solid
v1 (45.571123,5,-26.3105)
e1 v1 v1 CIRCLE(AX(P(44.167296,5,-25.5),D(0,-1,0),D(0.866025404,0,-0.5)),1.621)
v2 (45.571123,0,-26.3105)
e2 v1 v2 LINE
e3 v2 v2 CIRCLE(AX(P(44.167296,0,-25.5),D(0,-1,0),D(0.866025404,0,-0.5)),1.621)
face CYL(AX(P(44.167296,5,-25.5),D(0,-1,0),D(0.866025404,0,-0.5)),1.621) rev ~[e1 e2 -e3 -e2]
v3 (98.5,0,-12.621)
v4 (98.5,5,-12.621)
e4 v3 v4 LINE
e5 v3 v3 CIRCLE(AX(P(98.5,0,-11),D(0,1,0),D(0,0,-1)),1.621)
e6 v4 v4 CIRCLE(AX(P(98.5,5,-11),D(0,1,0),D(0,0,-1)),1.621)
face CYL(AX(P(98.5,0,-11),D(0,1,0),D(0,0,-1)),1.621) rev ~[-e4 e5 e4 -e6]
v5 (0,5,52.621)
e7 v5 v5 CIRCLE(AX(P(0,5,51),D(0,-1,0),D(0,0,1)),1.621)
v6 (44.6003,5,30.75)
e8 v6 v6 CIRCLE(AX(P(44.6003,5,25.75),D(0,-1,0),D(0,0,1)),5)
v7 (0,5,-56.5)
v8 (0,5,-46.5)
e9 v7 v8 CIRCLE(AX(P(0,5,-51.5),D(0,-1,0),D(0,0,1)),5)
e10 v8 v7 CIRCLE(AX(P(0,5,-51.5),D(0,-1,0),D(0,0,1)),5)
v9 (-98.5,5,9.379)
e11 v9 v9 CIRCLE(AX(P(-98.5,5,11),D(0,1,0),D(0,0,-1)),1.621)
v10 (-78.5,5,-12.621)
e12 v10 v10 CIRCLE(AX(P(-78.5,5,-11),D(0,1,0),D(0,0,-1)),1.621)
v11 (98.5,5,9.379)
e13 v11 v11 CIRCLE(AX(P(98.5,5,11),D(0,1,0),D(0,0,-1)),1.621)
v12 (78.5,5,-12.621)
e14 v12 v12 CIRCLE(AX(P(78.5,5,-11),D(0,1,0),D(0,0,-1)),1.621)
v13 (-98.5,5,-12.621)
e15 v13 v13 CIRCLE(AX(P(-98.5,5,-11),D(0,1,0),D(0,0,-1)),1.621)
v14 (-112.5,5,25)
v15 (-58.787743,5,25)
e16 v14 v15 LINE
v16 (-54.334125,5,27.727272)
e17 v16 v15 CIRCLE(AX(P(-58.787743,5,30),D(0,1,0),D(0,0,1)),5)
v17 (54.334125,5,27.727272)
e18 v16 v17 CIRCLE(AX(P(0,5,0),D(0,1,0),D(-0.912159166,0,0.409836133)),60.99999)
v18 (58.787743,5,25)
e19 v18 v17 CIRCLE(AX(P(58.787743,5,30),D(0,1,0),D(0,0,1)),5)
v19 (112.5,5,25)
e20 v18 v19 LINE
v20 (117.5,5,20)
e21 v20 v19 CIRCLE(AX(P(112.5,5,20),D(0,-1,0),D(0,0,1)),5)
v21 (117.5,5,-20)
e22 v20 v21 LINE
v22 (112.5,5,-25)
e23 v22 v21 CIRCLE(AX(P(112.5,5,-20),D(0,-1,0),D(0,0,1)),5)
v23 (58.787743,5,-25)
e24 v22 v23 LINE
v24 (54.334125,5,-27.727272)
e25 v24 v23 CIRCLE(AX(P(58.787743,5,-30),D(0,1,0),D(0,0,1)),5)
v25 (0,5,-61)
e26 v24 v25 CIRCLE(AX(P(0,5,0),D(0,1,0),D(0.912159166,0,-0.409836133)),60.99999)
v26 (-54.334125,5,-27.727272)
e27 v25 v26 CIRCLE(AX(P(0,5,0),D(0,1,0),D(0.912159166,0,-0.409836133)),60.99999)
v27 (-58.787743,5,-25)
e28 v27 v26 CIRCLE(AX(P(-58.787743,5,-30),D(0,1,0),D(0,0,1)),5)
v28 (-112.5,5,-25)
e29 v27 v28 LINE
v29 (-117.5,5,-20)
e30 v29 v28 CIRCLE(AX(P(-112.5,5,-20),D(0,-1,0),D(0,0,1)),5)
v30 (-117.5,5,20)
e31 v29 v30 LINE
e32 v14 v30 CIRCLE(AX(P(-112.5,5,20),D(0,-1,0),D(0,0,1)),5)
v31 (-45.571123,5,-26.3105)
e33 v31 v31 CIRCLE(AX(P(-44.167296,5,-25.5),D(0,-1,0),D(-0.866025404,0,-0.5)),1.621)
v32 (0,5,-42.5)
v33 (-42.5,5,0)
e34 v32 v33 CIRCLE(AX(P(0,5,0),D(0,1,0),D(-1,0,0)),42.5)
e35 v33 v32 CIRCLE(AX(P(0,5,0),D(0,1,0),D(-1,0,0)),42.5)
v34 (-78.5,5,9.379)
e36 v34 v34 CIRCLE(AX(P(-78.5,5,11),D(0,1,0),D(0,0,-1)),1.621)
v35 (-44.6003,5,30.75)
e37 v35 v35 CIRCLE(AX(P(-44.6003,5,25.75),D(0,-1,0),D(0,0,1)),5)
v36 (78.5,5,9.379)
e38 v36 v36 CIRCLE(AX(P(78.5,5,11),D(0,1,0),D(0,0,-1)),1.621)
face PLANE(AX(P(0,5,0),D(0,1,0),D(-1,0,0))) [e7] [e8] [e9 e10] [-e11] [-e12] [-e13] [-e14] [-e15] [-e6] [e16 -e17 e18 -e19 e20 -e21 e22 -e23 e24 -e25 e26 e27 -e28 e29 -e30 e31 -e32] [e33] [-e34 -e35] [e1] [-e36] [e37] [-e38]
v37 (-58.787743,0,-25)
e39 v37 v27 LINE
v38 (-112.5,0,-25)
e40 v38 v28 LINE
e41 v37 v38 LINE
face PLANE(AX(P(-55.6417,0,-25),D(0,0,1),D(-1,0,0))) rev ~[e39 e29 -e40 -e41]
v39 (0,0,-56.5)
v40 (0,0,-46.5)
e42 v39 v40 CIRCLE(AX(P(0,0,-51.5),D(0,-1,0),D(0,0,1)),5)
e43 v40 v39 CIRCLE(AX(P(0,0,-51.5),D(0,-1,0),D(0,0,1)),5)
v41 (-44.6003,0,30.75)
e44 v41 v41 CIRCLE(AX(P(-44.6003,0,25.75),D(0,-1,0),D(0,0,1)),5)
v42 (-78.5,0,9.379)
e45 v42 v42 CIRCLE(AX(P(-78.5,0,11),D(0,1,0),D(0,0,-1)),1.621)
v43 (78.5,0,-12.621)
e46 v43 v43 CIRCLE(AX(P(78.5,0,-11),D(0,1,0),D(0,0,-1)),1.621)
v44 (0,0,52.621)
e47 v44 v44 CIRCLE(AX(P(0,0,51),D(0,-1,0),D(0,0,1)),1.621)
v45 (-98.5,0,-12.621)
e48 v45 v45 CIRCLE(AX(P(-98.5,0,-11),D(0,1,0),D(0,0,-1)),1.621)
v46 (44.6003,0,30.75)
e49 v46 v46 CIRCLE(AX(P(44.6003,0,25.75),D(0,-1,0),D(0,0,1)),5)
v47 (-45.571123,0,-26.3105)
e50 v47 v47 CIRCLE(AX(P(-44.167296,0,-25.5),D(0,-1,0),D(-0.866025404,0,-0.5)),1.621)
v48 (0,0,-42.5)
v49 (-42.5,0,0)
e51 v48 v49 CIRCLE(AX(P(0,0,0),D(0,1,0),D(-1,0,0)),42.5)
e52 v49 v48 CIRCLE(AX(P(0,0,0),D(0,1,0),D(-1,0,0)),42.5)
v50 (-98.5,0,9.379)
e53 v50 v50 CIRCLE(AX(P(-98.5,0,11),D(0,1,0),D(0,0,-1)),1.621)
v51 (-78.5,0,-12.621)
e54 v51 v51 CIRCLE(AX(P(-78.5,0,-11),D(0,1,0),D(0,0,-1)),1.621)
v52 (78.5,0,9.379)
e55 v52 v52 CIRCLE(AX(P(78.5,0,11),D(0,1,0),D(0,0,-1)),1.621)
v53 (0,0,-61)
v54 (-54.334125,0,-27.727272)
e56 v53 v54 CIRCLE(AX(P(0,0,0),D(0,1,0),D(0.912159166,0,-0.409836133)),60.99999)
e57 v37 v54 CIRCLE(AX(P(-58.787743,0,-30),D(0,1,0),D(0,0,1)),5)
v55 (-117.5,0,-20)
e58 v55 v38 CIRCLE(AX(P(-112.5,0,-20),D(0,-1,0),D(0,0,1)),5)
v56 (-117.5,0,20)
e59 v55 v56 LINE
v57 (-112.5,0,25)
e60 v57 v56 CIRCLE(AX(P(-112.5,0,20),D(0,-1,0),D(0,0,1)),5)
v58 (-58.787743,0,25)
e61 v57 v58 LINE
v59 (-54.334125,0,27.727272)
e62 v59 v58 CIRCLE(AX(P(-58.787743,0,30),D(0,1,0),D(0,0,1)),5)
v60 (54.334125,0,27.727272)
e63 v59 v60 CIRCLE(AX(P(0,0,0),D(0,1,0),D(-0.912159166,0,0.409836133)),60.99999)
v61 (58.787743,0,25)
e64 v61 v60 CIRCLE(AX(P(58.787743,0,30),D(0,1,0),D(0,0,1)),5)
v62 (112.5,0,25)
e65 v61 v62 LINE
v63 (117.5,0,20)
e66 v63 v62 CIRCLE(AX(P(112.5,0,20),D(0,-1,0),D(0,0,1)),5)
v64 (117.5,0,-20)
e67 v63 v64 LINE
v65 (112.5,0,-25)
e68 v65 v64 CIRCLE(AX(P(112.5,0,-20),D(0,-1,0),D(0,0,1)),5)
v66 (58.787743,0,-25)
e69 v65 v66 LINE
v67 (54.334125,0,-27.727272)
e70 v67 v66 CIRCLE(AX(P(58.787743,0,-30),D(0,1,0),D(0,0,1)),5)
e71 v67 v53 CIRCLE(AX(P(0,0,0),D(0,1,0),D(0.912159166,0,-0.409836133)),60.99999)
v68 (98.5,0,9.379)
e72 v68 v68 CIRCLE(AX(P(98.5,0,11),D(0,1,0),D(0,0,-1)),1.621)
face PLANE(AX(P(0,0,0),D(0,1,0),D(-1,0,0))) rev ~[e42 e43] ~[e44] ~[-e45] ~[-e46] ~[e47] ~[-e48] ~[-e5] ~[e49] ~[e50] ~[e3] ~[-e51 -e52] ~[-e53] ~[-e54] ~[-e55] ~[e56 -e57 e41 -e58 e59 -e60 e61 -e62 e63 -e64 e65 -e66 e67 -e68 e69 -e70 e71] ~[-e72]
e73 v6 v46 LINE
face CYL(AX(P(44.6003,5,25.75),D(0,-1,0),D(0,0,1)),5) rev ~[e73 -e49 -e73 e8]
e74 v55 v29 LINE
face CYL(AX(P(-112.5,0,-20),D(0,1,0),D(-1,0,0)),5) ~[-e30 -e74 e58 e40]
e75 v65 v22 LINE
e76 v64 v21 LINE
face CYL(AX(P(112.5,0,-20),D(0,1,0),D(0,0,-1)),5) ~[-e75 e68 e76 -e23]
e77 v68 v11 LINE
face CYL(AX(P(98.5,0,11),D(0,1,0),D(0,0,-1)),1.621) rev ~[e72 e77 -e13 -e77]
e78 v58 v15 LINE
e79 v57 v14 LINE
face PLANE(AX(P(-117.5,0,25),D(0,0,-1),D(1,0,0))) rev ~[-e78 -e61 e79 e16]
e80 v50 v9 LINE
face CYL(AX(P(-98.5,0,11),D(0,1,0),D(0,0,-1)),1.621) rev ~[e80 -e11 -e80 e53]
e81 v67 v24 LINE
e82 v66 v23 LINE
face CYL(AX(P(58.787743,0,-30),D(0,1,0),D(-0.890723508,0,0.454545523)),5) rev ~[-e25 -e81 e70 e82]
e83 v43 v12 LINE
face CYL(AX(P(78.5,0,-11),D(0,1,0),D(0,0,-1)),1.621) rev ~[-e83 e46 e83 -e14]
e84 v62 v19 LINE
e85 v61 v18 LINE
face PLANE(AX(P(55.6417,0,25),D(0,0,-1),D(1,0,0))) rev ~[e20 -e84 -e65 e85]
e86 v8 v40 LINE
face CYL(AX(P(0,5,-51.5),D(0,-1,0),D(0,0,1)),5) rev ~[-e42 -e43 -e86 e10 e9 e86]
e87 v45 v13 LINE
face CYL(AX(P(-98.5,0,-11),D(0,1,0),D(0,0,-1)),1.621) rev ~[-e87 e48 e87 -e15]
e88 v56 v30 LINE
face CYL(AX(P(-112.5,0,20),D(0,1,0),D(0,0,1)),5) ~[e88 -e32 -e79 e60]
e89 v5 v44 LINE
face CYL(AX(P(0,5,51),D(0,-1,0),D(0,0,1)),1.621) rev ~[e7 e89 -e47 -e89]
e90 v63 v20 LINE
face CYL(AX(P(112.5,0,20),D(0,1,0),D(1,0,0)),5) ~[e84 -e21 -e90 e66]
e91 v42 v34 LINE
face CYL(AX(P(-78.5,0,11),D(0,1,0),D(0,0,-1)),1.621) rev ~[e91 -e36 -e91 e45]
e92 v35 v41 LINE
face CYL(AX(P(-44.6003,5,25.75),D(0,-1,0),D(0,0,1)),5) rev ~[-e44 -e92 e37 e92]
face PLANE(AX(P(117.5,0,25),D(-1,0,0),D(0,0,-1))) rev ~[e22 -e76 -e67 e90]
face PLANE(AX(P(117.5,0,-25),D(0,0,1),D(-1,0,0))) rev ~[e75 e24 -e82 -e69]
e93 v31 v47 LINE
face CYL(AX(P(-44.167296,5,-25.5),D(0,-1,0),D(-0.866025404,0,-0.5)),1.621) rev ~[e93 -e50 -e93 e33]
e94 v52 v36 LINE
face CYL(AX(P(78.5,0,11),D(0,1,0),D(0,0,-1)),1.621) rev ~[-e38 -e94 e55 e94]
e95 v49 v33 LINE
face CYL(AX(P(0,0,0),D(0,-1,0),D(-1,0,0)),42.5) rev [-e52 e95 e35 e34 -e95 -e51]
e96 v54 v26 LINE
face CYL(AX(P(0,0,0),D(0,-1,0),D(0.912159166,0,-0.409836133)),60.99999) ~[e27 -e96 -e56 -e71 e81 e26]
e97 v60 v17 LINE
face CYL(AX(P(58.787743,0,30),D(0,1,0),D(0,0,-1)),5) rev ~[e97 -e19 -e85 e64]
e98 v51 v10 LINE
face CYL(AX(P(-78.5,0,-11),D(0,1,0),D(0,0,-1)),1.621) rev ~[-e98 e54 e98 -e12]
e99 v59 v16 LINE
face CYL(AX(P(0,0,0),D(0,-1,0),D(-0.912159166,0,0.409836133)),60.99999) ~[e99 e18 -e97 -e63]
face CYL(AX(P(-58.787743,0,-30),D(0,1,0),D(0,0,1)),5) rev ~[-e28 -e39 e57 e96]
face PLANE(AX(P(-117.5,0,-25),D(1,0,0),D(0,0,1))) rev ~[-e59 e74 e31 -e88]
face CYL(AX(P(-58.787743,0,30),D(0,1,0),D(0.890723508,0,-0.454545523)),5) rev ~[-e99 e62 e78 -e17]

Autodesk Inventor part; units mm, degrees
ref_plane "YZ Plane" through (0, 0, 0) normal (1, 0, 0) x (0, 1, 0)
ref_plane "XZ Plane" through (0, 0, 0) normal (0, 1, 0) x (-1, 0, 0)
ref_plane "XY Plane" through (0, 0, 0) normal (0, 0, 1) x (1, 0, 0)
sketch "Sketch1" plane through (0, 0, 0) normal (0, 1, 0) x (-1, 0, 0)
  circle A0 centre (0, 0) radius 42.5
  arc A1 (55.6417, 25) -> (-55.6417, 25) centre (0, 0) ccw
  line L0 (0, 0) -> (0, -61)
  line L1 (0, 0) -> (0, 0)
  line L2 (0, 0) -> (0, -90.4875)
  line L3 (-117.5, 25) -> (-117.5, -25)
  line L4 (117.5, -25) -> (117.5, 25)
  line L5 (117.5, 25) -> (-117.5, -25) construction
  line L6 (-117.5, 25) -> (117.5, -25) construction
  line L7 (117.5, 25) -> (55.6417, 25)
  line L8 (-55.6417, 25) -> (-117.5, 25)
  line L9 (55.6417, -25) -> (117.5, -25)
  line L10 (-117.5, -25) -> (-55.6417, -25)
  arc A2 (-55.6417, -25) -> (55.6417, -25) centre (0, 0) ccw
  dimension "d0" = 85
  dimension "d29" = 61
  dimension "d46" = 235
  dimension "d47" = 50
extrude "Extrusion1" add sketch "Sketch1" along normal blind 5
sketch "Sketch2" plane through (0, 0, 0) normal (0, -1, 0) x (1, 0, 0)
  line L0 (-117.5, -25) -> (-117.5, 25) projected
  line L1 (-117.5, 0) -> (117.5, 0)
  line L2 (117.5, 25) -> (117.5, -25) projected
  arc A0 (55.6417, 25) -> (-55.6417, 25) centre (0, 0) ccw projected
  line L3 (0, 61) -> (0, -61)
  arc A1 (-55.6417, -25) -> (55.6417, -25) centre (0, 0) ccw projected
  circle A2 centre (-98.5, 11) radius 2
  line L4 (-117.5, 25) -> (-55.6417, 25) projected
  circle A3 centre (-78.5, 11) radius 2
  circle A4 centre (-98.5, -11) radius 2
  circle A5 centre (-78.5, -11) radius 2
  circle A6 centre (98.5, 11) radius 2
  circle A7 centre (78.5, 11) radius 2
  circle A8 centre (98.5, -11) radius 2
  circle A9 centre (78.5, -11) radius 2
  dimension "d51" = 4
  dimension "d52" = 19
  dimension "d53" = 14
  dimension "d54" = 4
  dimension "d55" = 20
hole "Hole1" at (-98.5, 0, 11) at (-78.5, 0, 11) at (-78.5, 0, -11) at (-98.5, 0, -11) at (78.5, 0, 11) at (98.5, 0, 11) at (98.5, 0, -11) at (78.5, 0, -11) direction (0, 1, 0) diameter 3.242 depth 11.8 tip angle 118 thread size "M4x0.7" class "6H" standard "ANSI Metric M Profile"
fillet "Fillet2" radius 5 8 edges at (-117.5, 2.5, -25) (-55.6417, 2.5, -25) (117.5, 2.5, -25) (55.6417, 2.5, -25) (117.5, 2.5, 25) (55.6417, 2.5, 25) (-55.6417, 2.5, 25) (-117.5, 2.5, 25)
sketch "Sketch4" plane through (0, 5, 0) normal (0, 1, 0) x (1, 0, 0)
  circle A0 centre (0, 0) radius 51.5
  point P0 (0, 51.5)
  point P1 (-44.6003, -25.75)
  point P2 (44.6003, -25.75)
  dimension "d57" = 103
  dimension "d60" = 360
hole "Pins" at (0, 5, -51.5) at (-44.6003, 5, 25.75) at (44.6003, 5, 25.75) direction (0, -1, 0) diameter 10 end through all
sketch "Sketch5" plane through (0, 5, 0) normal (0, 1, 0) x (1, 0, 0)
  circle A0 centre (0, 0) radius 51
  point P0 (0, -51)
  point P1 (0, -51)
  dimension "d69" = 102
hole "Mounting Holes" at (0, 5, 51) direction (0, -1, 0) diameter 3.242 end through all thread size "M4x0.7" class "6H" standard "ANSI Metric M Profile"
pattern_circular "Circular Pattern1" count 3 over 360 about axis through (0, -10, 0) along (0, 1, 0) of "Mounting Holes"
properties part number "Metal Head Thing"
